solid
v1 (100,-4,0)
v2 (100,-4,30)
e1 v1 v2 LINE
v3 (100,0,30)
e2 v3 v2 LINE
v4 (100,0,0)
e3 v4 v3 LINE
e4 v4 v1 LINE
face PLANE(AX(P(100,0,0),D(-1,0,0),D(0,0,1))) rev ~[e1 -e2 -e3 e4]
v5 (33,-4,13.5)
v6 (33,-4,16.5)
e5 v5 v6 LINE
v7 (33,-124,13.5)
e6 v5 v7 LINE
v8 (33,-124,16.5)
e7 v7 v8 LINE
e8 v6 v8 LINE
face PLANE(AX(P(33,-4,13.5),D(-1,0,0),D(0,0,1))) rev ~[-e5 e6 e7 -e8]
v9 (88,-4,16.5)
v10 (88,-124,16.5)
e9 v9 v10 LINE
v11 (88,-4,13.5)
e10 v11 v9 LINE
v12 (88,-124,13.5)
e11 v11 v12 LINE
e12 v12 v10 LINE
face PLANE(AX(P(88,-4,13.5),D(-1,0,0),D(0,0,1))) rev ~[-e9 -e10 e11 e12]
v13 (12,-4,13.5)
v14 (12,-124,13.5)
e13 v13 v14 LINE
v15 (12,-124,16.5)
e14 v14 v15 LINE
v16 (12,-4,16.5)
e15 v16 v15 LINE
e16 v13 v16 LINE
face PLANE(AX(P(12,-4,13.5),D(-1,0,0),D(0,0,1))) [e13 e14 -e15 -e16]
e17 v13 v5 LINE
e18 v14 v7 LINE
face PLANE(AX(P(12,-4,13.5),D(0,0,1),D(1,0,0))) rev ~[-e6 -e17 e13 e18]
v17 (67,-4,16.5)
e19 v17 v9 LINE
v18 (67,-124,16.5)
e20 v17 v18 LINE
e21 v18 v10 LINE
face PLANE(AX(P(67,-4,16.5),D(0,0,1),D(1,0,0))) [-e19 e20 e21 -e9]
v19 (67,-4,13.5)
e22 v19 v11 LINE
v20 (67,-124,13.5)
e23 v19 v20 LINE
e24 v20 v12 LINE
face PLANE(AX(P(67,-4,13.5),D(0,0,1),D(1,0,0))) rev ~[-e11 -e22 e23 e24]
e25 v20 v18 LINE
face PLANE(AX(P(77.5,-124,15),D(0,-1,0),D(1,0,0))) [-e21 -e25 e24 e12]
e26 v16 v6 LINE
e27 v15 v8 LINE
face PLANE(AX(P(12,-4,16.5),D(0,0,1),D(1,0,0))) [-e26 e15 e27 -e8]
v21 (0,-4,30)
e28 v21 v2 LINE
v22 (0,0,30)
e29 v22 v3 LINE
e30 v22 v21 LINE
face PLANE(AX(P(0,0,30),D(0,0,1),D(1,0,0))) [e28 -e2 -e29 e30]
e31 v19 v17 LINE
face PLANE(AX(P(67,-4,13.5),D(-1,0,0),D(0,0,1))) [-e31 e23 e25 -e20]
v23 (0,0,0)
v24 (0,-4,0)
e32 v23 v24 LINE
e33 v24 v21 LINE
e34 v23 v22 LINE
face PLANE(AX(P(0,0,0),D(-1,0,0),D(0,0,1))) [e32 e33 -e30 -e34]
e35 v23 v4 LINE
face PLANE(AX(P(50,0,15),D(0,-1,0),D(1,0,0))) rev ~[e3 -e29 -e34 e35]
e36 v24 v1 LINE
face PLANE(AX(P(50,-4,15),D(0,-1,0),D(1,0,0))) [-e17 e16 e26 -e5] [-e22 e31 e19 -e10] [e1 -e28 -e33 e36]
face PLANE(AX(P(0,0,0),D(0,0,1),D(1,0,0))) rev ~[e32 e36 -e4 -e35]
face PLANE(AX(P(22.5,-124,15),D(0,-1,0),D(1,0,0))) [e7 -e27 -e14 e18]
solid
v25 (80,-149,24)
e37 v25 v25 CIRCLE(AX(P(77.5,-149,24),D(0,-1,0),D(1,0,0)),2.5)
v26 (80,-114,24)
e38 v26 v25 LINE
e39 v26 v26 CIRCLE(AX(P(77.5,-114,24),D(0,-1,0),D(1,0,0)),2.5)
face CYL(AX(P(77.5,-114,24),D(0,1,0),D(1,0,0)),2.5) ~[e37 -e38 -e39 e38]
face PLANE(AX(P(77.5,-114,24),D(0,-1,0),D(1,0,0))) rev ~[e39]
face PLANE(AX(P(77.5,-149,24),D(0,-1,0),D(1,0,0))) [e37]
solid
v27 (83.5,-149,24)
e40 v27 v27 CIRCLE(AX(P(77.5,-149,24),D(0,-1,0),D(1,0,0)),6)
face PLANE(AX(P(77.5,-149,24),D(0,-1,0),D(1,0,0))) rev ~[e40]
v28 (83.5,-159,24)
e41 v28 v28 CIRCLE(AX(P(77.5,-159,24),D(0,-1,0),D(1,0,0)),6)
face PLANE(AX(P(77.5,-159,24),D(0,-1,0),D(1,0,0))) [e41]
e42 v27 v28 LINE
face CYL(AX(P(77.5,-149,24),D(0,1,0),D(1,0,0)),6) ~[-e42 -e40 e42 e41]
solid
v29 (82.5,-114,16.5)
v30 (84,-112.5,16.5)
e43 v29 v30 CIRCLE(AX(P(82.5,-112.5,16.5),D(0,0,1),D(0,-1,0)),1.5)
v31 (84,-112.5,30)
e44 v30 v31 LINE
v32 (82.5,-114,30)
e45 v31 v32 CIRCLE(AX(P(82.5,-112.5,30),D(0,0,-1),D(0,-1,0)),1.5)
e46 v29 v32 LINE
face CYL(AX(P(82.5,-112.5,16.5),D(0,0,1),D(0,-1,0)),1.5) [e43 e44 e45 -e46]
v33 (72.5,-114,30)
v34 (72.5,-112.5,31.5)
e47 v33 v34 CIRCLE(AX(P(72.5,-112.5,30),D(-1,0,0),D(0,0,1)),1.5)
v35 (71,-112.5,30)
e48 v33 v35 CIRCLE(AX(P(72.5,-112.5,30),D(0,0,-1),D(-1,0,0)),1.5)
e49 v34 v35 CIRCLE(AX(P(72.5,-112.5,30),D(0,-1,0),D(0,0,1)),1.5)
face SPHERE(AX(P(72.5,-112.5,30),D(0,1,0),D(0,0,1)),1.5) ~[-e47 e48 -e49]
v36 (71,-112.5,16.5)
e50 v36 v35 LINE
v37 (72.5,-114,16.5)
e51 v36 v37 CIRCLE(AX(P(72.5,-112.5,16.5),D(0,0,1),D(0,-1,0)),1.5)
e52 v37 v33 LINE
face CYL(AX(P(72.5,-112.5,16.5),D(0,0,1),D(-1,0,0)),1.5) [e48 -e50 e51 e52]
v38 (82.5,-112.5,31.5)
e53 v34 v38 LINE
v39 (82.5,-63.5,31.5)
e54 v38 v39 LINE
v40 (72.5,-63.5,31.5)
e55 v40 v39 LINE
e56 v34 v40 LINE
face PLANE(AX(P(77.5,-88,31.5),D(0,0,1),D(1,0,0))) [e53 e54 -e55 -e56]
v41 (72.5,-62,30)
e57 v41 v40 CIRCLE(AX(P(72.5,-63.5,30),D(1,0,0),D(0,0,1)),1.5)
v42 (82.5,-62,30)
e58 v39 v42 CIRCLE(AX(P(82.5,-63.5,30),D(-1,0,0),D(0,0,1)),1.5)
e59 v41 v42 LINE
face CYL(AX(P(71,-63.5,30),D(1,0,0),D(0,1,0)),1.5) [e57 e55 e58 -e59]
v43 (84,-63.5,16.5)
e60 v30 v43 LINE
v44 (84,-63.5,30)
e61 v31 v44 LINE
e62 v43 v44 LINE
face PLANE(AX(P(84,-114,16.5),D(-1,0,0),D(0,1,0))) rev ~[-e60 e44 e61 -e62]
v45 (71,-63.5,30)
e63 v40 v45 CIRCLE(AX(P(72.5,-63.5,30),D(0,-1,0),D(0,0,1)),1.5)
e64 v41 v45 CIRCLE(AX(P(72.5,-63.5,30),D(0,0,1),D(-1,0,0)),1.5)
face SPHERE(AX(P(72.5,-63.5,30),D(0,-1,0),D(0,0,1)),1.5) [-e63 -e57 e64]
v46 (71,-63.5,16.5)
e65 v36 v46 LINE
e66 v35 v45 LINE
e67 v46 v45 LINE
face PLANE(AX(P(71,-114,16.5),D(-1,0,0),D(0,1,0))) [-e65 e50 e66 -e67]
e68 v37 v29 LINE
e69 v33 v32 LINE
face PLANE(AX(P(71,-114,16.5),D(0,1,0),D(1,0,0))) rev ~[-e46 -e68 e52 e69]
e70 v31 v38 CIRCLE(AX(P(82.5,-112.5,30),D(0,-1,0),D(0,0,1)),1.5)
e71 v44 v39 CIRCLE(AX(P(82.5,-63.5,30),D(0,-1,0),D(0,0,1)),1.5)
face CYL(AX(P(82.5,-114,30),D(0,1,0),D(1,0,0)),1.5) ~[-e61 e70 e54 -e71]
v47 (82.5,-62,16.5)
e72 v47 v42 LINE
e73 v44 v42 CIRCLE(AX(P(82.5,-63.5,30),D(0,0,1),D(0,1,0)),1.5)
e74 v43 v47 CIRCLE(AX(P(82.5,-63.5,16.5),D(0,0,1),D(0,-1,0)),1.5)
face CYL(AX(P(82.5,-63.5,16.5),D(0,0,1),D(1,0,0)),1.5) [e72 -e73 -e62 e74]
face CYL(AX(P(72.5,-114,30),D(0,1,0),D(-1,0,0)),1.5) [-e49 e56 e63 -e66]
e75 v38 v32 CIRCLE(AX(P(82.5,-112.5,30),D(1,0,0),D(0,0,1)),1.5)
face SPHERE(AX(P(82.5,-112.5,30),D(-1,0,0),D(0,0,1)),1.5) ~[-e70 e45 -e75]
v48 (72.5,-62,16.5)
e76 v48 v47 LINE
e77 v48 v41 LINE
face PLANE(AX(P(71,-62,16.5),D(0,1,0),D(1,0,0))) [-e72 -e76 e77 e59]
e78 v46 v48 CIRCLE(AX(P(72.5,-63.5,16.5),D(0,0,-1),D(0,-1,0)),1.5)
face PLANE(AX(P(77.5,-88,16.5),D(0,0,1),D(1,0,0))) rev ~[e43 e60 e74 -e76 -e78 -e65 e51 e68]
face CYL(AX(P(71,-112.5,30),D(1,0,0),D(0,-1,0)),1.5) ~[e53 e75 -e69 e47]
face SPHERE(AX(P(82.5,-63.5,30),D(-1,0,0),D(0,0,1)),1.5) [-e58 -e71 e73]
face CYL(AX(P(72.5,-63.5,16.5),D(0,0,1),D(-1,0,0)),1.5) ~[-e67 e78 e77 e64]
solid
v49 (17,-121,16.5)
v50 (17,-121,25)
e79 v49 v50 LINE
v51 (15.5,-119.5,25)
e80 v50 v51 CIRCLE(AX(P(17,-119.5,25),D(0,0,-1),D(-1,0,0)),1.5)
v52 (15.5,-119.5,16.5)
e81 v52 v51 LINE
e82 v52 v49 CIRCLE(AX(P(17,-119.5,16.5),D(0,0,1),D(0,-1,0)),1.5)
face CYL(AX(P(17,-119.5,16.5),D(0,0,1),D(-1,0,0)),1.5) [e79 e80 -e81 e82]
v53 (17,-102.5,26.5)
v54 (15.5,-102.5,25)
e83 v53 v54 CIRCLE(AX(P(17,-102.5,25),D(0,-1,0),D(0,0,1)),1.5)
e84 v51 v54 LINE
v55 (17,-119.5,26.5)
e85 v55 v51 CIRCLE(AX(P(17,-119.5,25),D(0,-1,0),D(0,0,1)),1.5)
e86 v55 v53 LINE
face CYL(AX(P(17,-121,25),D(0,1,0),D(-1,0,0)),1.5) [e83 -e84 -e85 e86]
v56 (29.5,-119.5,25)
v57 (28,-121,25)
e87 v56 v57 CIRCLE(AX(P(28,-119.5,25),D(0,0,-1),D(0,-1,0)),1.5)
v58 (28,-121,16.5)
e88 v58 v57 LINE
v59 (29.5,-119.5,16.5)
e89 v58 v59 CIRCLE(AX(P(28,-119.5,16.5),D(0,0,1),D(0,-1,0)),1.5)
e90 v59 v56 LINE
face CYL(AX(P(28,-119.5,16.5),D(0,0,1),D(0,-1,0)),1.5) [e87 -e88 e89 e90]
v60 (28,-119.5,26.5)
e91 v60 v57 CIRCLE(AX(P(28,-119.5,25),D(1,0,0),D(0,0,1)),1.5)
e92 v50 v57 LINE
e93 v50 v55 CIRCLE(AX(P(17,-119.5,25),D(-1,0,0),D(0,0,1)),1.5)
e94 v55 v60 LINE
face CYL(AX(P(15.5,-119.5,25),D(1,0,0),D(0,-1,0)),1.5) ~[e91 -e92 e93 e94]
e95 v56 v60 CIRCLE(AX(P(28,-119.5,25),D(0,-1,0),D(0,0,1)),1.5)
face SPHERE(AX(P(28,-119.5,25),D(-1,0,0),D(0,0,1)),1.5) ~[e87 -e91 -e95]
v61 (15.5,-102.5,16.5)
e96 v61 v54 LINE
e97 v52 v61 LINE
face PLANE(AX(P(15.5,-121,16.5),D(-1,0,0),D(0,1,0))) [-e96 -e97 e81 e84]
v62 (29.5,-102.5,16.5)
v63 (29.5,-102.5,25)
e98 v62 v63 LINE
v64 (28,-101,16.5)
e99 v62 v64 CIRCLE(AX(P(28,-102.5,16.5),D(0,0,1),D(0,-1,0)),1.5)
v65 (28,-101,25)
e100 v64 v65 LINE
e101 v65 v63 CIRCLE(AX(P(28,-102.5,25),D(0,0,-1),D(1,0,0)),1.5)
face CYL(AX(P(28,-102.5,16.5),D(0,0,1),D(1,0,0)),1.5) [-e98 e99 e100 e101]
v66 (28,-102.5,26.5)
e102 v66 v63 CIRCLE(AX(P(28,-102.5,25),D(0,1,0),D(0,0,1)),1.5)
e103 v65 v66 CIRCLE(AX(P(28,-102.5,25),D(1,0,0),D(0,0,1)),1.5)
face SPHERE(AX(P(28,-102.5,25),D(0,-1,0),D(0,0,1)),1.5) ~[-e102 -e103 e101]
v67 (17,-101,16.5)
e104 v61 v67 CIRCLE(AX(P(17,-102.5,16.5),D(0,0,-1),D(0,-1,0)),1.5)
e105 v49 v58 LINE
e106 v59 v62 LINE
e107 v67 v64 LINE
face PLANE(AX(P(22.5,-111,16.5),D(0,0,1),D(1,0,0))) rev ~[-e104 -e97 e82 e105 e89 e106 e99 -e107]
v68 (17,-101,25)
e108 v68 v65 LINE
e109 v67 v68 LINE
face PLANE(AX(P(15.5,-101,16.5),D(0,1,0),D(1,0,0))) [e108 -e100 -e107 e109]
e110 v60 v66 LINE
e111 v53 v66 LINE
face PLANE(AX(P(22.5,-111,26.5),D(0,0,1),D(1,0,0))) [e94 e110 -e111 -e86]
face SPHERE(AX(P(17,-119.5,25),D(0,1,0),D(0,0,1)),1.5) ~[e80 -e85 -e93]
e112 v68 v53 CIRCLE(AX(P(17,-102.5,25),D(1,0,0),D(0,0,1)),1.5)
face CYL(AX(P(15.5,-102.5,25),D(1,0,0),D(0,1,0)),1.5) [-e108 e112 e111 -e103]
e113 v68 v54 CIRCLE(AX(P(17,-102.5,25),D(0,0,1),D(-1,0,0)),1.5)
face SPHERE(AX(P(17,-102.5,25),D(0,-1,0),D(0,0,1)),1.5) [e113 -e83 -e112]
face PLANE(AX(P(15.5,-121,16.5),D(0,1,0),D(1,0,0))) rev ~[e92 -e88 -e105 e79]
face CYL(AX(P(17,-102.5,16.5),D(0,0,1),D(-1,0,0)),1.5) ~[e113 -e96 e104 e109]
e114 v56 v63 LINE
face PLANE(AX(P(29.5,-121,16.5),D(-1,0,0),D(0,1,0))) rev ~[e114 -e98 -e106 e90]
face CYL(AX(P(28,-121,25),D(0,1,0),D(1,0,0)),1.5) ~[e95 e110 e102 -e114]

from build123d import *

# Parameters (mm, degrees)
F0_W      = 100
F0_H      = 30
F1_DEPTH  = 4
F2_W      = 21
F2_H      = 3
F3_DEPTH  = 120
F4_W      = 13
F4_H      = 52
F5_DEPTH  = 15
F6_R      = 2.5
F7_DEPTH  = 35
F8_R      = 6
F9_DEPTH  = 10
F10_R     = 1.5
F11_W     = 14
F11_H     = 20
F12_DEPTH = 10
F13_R     = 1.5


with BuildPart() as f1:
    # F0 (on Front) → F1 (new body)
    with BuildSketch(Plane.XZ):
        with Locations((50, 15)):
            Rectangle(F0_W, F0_H)
    extrude(amount=F1_DEPTH)

    # F2 (on face) → F3 (join)
    with BuildSketch(Plane.XZ.offset(4)):
        with Locations((22.5, 15)):
            Rectangle(F2_W, F2_H)
        with Locations((77.5, 15)):
            Rectangle(F2_W, F2_H)
    extrude(amount=F3_DEPTH)


with BuildPart() as f5:
    # F4 (on face) → F5 (new body)
    with BuildSketch(Plane.XY.offset(16.5)):
        with Locations((77.5, -88)):
            Rectangle(F4_W, F4_H)
    extrude(amount=F5_DEPTH)

    # F10
    f10_edges = [f5.edges().sort_by_distance(p)[0] for p in [
        (71, -88, 31.5),
        (77.5, -62, 31.5),
        (77.5, -114, 31.5),
        (84, -88, 31.5),
        (84, -114, 24),
        (71, -114, 24),
        (84, -62, 24),
        (71, -62, 24),
    ]]
    fillet(f10_edges, radius=F10_R)


with BuildPart() as f7:
    # F6 (on face) → F7 (new body)
    with BuildSketch(Plane.XZ.offset(114)):
        with Locations((77.5, 24)):
            Circle(F6_R)
    extrude(amount=F7_DEPTH)


with BuildPart() as f9:
    # F8 (on face) → F9 (new body)
    with BuildSketch(Plane.XZ.offset(149)):
        with Locations((77.5, 24)):
            Circle(F8_R)
    extrude(amount=F9_DEPTH)


with BuildPart() as f12:
    # F11 (on face) → F12 (new body)
    with BuildSketch(Plane.XY.offset(16.5)):
        with Locations((22.5, -111)):
            Rectangle(F11_W, F11_H)
    extrude(amount=F12_DEPTH)

    # F13
    f13_edges = [f12.edges().sort_by_distance(p)[0] for p in [
        (15.5, -111, 26.5),
        (22.5, -121, 26.5),
        (29.5, -111, 26.5),
        (22.5, -101, 26.5),
        (15.5, -121, 21.5),
        (29.5, -121, 21.5),
        (15.5, -101, 21.5),
        (29.5, -101, 21.5),
    ]]
    fillet(f13_edges, radius=F13_R)


solid = Compound([f1.part, f5.part, f7.part, f9.part, f12.part])
